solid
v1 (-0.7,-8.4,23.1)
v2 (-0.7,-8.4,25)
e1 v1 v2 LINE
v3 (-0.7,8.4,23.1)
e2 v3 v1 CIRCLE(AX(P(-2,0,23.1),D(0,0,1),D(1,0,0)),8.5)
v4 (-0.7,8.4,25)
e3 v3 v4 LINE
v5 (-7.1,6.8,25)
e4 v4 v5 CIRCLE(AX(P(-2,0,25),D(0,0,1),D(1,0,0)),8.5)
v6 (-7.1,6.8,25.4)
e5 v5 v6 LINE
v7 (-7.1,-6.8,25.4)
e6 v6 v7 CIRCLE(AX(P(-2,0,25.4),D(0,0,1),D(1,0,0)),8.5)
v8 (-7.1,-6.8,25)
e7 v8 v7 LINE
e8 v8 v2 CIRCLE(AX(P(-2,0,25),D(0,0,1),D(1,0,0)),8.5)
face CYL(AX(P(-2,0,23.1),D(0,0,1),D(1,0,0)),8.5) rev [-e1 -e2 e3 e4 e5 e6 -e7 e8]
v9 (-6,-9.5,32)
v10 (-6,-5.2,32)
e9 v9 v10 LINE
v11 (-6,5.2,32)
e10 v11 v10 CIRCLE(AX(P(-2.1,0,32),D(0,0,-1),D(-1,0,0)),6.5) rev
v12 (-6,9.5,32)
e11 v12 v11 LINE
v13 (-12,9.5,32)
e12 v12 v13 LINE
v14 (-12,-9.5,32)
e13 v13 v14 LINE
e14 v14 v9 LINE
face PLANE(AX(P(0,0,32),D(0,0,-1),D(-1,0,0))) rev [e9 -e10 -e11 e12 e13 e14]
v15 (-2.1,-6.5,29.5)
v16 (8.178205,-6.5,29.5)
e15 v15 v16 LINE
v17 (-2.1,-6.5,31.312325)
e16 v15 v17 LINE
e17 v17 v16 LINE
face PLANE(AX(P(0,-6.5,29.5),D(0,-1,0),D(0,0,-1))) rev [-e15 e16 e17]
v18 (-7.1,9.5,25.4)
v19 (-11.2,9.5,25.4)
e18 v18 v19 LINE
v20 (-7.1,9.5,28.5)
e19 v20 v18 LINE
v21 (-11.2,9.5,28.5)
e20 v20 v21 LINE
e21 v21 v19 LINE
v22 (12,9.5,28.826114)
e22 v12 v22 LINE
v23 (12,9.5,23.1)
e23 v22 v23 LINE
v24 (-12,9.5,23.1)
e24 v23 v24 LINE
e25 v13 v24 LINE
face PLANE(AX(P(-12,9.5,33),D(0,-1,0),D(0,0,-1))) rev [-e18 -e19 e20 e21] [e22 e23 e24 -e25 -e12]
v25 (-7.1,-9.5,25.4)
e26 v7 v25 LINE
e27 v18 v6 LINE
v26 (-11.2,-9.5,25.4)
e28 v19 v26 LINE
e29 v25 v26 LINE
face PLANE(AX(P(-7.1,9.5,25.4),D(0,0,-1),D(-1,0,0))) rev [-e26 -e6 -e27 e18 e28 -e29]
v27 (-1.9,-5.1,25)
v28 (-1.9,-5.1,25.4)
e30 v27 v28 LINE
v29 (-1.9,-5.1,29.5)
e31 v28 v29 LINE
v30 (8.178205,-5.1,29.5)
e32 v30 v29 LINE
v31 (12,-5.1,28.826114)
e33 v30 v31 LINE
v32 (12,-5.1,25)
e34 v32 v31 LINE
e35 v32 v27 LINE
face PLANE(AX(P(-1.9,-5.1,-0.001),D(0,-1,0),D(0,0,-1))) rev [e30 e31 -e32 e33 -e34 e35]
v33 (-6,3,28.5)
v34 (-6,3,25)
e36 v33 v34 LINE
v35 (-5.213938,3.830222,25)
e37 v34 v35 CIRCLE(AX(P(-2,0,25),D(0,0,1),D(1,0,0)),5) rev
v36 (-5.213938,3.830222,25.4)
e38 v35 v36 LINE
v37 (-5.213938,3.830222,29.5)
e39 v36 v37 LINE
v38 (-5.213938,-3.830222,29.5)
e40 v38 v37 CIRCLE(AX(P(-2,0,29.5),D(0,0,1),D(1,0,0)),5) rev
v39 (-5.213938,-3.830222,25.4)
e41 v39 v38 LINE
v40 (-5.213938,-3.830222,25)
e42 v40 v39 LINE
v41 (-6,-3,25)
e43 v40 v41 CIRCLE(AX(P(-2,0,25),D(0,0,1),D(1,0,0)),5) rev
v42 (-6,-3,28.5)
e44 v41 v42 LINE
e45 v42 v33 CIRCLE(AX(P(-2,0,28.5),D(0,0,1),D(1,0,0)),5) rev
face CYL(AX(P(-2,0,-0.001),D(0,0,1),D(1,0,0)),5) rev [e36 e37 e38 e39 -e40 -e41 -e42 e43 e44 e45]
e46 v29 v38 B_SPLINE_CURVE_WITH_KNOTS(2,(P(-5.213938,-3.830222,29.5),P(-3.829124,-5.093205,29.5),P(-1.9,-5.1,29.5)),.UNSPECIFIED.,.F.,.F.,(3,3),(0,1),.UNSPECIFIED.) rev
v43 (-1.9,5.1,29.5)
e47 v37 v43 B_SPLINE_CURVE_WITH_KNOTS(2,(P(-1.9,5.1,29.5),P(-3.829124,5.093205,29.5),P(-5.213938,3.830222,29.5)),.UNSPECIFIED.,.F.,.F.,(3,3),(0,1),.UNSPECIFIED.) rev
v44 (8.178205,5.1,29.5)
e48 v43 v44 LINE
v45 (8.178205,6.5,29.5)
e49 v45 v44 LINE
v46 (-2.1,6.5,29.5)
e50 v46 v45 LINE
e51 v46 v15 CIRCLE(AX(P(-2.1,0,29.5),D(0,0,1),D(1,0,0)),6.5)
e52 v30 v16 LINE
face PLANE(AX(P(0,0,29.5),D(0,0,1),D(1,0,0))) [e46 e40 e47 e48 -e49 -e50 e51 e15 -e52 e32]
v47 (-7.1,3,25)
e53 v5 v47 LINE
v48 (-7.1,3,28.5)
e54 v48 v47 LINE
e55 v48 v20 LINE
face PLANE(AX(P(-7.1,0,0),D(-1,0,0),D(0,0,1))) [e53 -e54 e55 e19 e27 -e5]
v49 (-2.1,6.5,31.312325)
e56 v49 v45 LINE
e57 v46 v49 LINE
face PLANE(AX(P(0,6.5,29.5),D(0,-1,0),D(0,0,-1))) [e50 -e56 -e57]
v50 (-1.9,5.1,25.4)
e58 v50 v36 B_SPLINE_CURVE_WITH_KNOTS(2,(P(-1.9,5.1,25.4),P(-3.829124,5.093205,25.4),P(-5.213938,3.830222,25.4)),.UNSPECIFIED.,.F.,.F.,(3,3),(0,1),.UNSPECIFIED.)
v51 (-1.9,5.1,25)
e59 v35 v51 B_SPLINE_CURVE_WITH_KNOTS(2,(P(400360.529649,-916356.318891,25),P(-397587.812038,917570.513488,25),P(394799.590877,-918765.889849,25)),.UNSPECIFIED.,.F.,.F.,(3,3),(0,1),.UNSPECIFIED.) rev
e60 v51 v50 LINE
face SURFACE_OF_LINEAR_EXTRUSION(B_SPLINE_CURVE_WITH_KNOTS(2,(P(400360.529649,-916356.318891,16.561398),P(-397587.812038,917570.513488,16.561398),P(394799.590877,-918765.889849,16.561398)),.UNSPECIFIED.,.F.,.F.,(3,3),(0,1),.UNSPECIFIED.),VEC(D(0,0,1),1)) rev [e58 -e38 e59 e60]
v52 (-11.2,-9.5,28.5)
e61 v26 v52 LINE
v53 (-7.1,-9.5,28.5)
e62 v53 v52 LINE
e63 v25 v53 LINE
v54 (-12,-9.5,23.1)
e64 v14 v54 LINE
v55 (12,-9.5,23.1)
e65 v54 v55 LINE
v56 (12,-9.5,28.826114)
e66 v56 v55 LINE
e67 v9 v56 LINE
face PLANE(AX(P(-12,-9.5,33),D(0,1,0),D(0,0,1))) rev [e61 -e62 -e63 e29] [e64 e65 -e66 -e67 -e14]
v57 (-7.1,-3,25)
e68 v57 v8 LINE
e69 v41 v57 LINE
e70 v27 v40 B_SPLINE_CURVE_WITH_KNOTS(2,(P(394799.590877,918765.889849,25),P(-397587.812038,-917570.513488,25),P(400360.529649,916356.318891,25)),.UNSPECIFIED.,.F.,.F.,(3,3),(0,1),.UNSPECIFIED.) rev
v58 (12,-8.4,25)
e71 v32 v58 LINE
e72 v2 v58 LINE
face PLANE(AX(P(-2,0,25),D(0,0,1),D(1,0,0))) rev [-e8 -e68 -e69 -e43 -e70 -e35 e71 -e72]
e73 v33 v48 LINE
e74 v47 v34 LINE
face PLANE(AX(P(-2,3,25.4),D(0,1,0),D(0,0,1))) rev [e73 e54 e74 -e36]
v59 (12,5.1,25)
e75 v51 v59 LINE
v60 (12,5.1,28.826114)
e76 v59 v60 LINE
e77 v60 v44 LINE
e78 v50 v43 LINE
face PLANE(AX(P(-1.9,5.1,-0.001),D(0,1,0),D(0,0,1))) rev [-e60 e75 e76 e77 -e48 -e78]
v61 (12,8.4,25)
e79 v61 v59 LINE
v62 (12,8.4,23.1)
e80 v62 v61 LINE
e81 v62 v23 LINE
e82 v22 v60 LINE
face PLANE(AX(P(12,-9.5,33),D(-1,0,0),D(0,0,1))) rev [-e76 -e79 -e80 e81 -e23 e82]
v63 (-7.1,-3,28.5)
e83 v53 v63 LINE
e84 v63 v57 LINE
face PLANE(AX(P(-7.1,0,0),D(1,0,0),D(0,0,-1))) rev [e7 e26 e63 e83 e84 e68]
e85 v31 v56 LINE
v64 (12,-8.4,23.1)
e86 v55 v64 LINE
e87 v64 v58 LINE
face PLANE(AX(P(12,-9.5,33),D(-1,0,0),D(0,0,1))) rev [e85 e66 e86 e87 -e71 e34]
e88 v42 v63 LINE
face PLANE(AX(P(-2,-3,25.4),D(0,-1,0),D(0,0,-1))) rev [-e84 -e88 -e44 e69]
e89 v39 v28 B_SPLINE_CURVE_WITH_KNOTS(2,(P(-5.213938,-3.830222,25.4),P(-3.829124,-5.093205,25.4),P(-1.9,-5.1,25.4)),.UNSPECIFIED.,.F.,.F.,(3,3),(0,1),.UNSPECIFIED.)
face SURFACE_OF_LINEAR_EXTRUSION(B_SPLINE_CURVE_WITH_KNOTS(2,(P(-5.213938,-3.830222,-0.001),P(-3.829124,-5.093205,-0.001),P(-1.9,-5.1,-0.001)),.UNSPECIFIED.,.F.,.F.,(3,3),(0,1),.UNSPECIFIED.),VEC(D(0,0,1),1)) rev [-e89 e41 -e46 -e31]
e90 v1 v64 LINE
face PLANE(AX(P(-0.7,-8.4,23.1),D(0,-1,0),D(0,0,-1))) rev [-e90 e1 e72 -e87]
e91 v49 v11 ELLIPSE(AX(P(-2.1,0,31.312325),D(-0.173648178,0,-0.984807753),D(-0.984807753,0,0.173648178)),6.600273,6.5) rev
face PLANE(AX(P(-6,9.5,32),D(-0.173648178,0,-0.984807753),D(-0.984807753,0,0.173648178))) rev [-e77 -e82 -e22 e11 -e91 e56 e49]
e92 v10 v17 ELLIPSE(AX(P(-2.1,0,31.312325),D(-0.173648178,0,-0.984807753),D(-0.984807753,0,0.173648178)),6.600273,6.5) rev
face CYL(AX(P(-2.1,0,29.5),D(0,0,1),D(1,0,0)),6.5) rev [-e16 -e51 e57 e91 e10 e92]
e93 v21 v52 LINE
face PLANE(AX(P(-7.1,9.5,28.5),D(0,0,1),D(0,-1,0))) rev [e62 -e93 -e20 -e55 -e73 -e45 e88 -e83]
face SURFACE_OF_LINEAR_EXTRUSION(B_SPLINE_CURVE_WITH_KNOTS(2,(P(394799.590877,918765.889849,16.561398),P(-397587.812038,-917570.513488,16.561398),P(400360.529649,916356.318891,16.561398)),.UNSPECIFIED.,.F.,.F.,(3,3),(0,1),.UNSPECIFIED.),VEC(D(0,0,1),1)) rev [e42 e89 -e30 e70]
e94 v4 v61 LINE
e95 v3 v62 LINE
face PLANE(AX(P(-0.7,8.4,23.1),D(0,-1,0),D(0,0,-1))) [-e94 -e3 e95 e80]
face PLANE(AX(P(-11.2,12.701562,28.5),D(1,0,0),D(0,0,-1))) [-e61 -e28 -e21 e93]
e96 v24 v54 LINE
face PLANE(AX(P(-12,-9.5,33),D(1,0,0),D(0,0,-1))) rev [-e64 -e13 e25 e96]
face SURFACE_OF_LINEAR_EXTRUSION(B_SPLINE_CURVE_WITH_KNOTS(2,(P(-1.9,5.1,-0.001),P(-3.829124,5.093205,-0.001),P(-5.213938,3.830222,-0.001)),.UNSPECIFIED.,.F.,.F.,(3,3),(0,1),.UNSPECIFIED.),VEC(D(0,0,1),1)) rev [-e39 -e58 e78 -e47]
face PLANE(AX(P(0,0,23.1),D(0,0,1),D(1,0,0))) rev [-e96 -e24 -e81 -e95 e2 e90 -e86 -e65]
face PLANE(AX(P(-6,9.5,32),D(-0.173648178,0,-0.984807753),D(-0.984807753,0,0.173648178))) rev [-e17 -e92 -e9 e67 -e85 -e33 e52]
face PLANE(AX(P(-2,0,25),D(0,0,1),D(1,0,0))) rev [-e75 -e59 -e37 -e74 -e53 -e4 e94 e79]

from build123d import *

# Parameters (mm, degrees)
SKETCH_1_24X19_W         = 19
SKETCH_1_24X19_H         = 24
EXTRUDE_1_33_DEPTH       = 33
CUT_EXTRUDE_2_REACH      = 38.377
CUT_EXTRUDE_4_2_DEPTH    = 1.9
CUT_EXTRUDE_6_3_REACH    = 29.71
SKETCH_7_5_W             = 24
SKETCH_7_5_H             = 19
EXTRUDE_7_DEPTH          = 5
CUT_EXTRUDE_10_4_REACH   = 41.925
SKETCH_11_W              = 8.5
SKETCH_11_H              = 3.1
CUT_EXTRUDE_11_5_DEPTH   = 4.9
SKETCH_11D1_W            = 6
SKETCH_11D1_H            = 3.1
CUT_EXTRUDE_11D1_6_DEPTH = 10
CUT_EXTRUDE_12_9_REACH   = 31.655
CUT_EXTRUDE_11_DEPTH     = 3.5
SKETCH_5903_W            = 53.98
SKETCH_5903_H            = 19
CUT_EXTRUDE_12_DEPTH     = 1
CUT_EXTRUDE_13_DEPTH     = 40.102429623
CUT_EXTRUDE_15_REACH     = 33.036
SKETCH_5021_R            = 3.5
EXTRUDE_2_DEPTH          = 0.4
SKETCH_7445_W            = 0.8
SKETCH_7445_H            = 3.1
EXTRUDE_3_DEPTH          = 19
CUT_EXTRUDE_16_DEPTH     = 32.036269144
SKETCH_14_W              = 54.018014823
SKETCH_14_H              = 29.926878018
CUT_EXTRUDE_17_DEPTH     = 28.710286942


with BuildPart() as part:
    # 1底部方形_24x19 → 1凸台-拉伸_高33 (new body)
    with BuildSketch(Plane(origin=(0, 0, 0), x_dir=(0, 1, 0), z_dir=(0, 0, 1))):
        Rectangle(SKETCH_1_24X19_W, SKETCH_1_24X19_H)
    extrude(amount=EXTRUDE_1_33_DEPTH)

    # 2吸嘴停靠渐变槽 → 2切除-拉伸 (cut, up to next)
    with BuildSketch(Plane.XY.offset(33), mode=Mode.PRIVATE) as cut_extrude_2_sk1:
        with BuildLine():
            Line((12, -5.1), (12, 5.1))
            Line((12, 5.1), (-1.9, 5.1))
            add(Edge.make_bspline(
                [(-5.213938048, 3.830222216), (-3.829124073, 5.093205317), (-1.9, 5.1)],
                knots=[0, 0, 0, 1, 1, 1], degree=2))
            ThreePointArc((-5.213938048, 3.830222216), (-7, 0), (-5.213938048, -3.830222216))
            add(Edge.make_bspline(
                [(-5.213938048, -3.830222216), (-3.829124073, -5.093205317), (-1.9, -5.1)],
                knots=[0, 0, 0, 1, 1, 1], degree=2))
            Line((-1.9, -5.1), (12, -5.1))
        make_face()
    cut_extrude_2_tool1 = extrude(cut_extrude_2_sk1.sketch, amount=-CUT_EXTRUDE_2_REACH, mode=Mode.PRIVATE) & part.part
    add(cut_extrude_2_tool1.solids().sort_by_distance((3.017719, 0, 33))[0], mode=Mode.SUBTRACT)

    # 4反光板停靠槽 → 4切除-拉伸2 (cut)
    with BuildSketch(Plane.XY.offset(25)):
        with BuildLine():
            Line((-0.7, 8.4), (12, 8.4))
            Line((12, 8.4), (12, -8.4))
            Line((12, -8.4), (-0.7, -8.4))
            ThreePointArc((-0.7, -8.4), (-10.5, 0), (-0.7, 8.4))
        make_face()
    extrude(amount=-CUT_EXTRUDE_4_2_DEPTH, mode=Mode.SUBTRACT)

    # 6反光板小圆柱 → 6切除-拉伸3 (cut, up to next)
    with BuildSketch(Plane.XY.offset(23.1), mode=Mode.PRIVATE) as cut_extrude_6_3_sk1:
        with BuildLine():
            Line((-2.1, -6.3), (12, -6.3))
            Line((12, -6.3), (12, 6.3))
            Line((12, 6.3), (-2.1, 6.3))
            ThreePointArc((-2.1, 6.3), (-8.4, 0), (-2.1, -6.3))
        make_face()
    cut_extrude_6_3_tool1 = extrude(cut_extrude_6_3_sk1.sketch, amount=-CUT_EXTRUDE_6_3_REACH, mode=Mode.PRIVATE) & part.part
    add(cut_extrude_6_3_tool1.solids().sort_by_distance((2.424095, 0, 23.1))[0], mode=Mode.SUBTRACT)

    # 7草图5 → 7凸台-拉伸_底板厚度 (add)
    with BuildSketch(Plane(origin=(0, 0, 0), x_dir=(1, 0, 0), z_dir=(0, 0, -1))):
        Rectangle(SKETCH_7_5_W, SKETCH_7_5_H)
    extrude(amount=-EXTRUDE_7_DEPTH)

    # 10切除-拉伸4: up to this face of the body (flat: up to its plane)
    cut_extrude_10_4_end = Plane(part.part.faces().sort_by_distance((0, -9.5, 16.5))[0])
    # Sketch 10 → 10切除-拉伸4 (cut, up to the picked face)
    with BuildSketch(Plane(origin=(0, 9.5, 0), x_dir=(-1, 0, 0), z_dir=(0, 1, 0)), mode=Mode.PRIVATE) as cut_extrude_10_4_sk1:
        Polygon((-12, 31.162738066), (-12, 33), (9, 33), align=None)
    cut_extrude_10_4_tool1 = split(extrude(cut_extrude_10_4_sk1.sketch, amount=-CUT_EXTRUDE_10_4_REACH, mode=Mode.PRIVATE), bisect_by=cut_extrude_10_4_end, keep=Keep.BOTH, mode=Mode.PRIVATE)
    add(cut_extrude_10_4_tool1.solids().sort_by(Axis((5, 9.5, 32.387579), (0, -1, 0)))[0], mode=Mode.SUBTRACT)

    # Sketch 11 → 11切除-拉伸5 (cut)
    with BuildSketch(Plane(origin=(-12, 0, 0), x_dir=(0, -1, 0), z_dir=(-1, 0, 0))):
        with Locations((-5.25, 26.95)):
            Rectangle(SKETCH_11_W, SKETCH_11_H)
        with Locations((5.25, 26.95)):
            Rectangle(SKETCH_11_W, SKETCH_11_H)
    extrude(amount=-CUT_EXTRUDE_11_5_DEPTH, mode=Mode.SUBTRACT)

    # 11d1_磁铁开窗 → 11d1切除-拉伸6 (cut)
    with BuildSketch(Plane(origin=(-12, 0, 0), x_dir=(0, -1, 0), z_dir=(-1, 0, 0))):
        with Locations((0, 26.95)):
            Rectangle(SKETCH_11D1_W, SKETCH_11D1_H)
    extrude(amount=-CUT_EXTRUDE_11D1_6_DEPTH, mode=Mode.SUBTRACT)

    # 12切除薄壁 → 12切除-拉伸9 (cut, up to next)
    with BuildSketch(Plane.XY.offset(25.4), mode=Mode.PRIVATE) as cut_extrude_12_9_sk1:
        with BuildLine():
            Line((-0.7, 8.4), (-0.7, -8.4))
            ThreePointArc((-0.7, -8.4), (-10.5, 0), (-0.7, 8.4))
        make_face()
    cut_extrude_12_9_tool1 = extrude(cut_extrude_12_9_sk1.sketch, amount=-CUT_EXTRUDE_12_9_REACH, mode=Mode.PRIVATE) & part.part
    add(cut_extrude_12_9_tool1.solids().sort_by_distance((-4.916056, 0, 25.4))[0], mode=Mode.SUBTRACT)

    # Sketch 5393 → 切除-拉伸11 (cut)
    with BuildSketch(Plane.XY.offset(33)):
        with BuildLine():
            Line((-2.099999748, 6.5), (12, 6.5))
            Line((12, 6.5), (12, -6.5))
            Line((12, -6.5), (-2.099999748, -6.5))
            ThreePointArc((-2.099999748, -6.5), (-8.6, 0), (-2.099999748, 6.5))
        make_face()
    extrude(amount=-CUT_EXTRUDE_11_DEPTH, mode=Mode.SUBTRACT)

    # Sketch 5903 → 切除-拉伸12 (cut)
    with BuildSketch(Plane.XY.offset(33)):
        with Locations((14.99, 0)):
            Rectangle(SKETCH_5903_W, SKETCH_5903_H)
    extrude(amount=-CUT_EXTRUDE_12_DEPTH, mode=Mode.SUBTRACT)

    # Sketch 6208 → 切除-拉伸13 (cut, through all)
    with BuildSketch(Plane.XZ.offset(9.5)):
        Polygon((2.430052303, 32), (12, 31.162738066), (12, 28.826114347), (-6, 32), align=None)
    extrude(amount=-CUT_EXTRUDE_13_DEPTH, mode=Mode.SUBTRACT)

    # Sketch 5021 → 切除-拉伸15 (cut, up to next)
    with BuildSketch(Plane.XY.offset(5), mode=Mode.PRIVATE) as cut_extrude_15_sk1:
        with Locations((2, 0)):
            Circle(SKETCH_5021_R)
    cut_extrude_15_tool1 = extrude(cut_extrude_15_sk1.sketch, amount=-CUT_EXTRUDE_15_REACH, mode=Mode.PRIVATE) & part.part
    add(cut_extrude_15_tool1.solids().sort_by_distance((2, 0, 5))[0], mode=Mode.SUBTRACT)

    # Sketch 6983 → 凸台-拉伸2 (add)
    with BuildSketch(Plane(origin=(0, 0, 25.4), x_dir=(1, 0, 0), z_dir=(0, 0, -1))):
        with BuildLine():
            Line((-7.1, -3), (-7.1, -6.8))
            ThreePointArc((-7.1, -6.8), (-4.061552813, -8.246211251), (-0.7, -8.4))
            Line((-0.7, -8.4), (-0.7, -5.1))
            Line((-0.7, -5.1), (-1.9, -5.1))
            add(Edge.make_bspline(
                [(-1.9, -5.1), (-3.829124073, -5.093205317), (-5.213938048, -3.830222216)],
                knots=[0, 0, 0, 1, 1, 1], degree=2))
            ThreePointArc((-5.213938048, -3.830222216), (-5.630777158, -3.437652866), (-6, -3))
            Line((-6, -3), (-7.1, -3))
        make_face()
        with BuildLine():
            Line((-7.1, 3), (-6, 3))
            ThreePointArc((-6, 3), (-5.630777158, 3.437652866), (-5.213938048, 3.830222216))
            add(Edge.make_bspline(
                [(-5.213938048, 3.830222216), (-3.829124073, 5.093205317), (-1.9, 5.1)],
                knots=[0, 0, 0, 1, 1, 1], degree=2))
            Line((-1.9, 5.1), (-0.7, 5.1))
            Line((-0.7, 5.1), (-0.7, 8.4))
            ThreePointArc((-0.7, 8.4), (-4.061552813, 8.246211251), (-7.1, 6.8))
            Line((-7.1, 6.8), (-7.1, 3))
        make_face()
    extrude(amount=EXTRUDE_2_DEPTH)

    # Sketch 7445 → 凸台-拉伸3 (add)
    with BuildSketch(Plane.XZ.offset(9.5)):
        with Locations((-11.6, 26.95)):
            Rectangle(SKETCH_7445_W, SKETCH_7445_H)
    extrude(amount=-EXTRUDE_3_DEPTH)

    # 草图13 → 切除-拉伸16 (cut, through all)
    with BuildSketch(Plane.XY.offset(5)):
        with BuildLine():
            Line((-2.1, -6.3), (12, -6.3))
            Line((12, -6.3), (12, 6.3))
            Line((12, 6.3), (-2.1, 6.3))
            ThreePointArc((-2.1, 6.3), (-8.4, 0), (-2.1, -6.3))
        make_face()
    extrude(amount=-CUT_EXTRUDE_16_DEPTH, mode=Mode.SUBTRACT)

    # 草图14 → 切除-拉伸17 (cut, through all)
    with BuildSketch(Plane.XY.offset(23.1)):
        with Locations((6.444750957, 0.291135192)):
            Rectangle(SKETCH_14_W, SKETCH_14_H)
    extrude(amount=-CUT_EXTRUDE_17_DEPTH, mode=Mode.SUBTRACT)


solid = part.part
